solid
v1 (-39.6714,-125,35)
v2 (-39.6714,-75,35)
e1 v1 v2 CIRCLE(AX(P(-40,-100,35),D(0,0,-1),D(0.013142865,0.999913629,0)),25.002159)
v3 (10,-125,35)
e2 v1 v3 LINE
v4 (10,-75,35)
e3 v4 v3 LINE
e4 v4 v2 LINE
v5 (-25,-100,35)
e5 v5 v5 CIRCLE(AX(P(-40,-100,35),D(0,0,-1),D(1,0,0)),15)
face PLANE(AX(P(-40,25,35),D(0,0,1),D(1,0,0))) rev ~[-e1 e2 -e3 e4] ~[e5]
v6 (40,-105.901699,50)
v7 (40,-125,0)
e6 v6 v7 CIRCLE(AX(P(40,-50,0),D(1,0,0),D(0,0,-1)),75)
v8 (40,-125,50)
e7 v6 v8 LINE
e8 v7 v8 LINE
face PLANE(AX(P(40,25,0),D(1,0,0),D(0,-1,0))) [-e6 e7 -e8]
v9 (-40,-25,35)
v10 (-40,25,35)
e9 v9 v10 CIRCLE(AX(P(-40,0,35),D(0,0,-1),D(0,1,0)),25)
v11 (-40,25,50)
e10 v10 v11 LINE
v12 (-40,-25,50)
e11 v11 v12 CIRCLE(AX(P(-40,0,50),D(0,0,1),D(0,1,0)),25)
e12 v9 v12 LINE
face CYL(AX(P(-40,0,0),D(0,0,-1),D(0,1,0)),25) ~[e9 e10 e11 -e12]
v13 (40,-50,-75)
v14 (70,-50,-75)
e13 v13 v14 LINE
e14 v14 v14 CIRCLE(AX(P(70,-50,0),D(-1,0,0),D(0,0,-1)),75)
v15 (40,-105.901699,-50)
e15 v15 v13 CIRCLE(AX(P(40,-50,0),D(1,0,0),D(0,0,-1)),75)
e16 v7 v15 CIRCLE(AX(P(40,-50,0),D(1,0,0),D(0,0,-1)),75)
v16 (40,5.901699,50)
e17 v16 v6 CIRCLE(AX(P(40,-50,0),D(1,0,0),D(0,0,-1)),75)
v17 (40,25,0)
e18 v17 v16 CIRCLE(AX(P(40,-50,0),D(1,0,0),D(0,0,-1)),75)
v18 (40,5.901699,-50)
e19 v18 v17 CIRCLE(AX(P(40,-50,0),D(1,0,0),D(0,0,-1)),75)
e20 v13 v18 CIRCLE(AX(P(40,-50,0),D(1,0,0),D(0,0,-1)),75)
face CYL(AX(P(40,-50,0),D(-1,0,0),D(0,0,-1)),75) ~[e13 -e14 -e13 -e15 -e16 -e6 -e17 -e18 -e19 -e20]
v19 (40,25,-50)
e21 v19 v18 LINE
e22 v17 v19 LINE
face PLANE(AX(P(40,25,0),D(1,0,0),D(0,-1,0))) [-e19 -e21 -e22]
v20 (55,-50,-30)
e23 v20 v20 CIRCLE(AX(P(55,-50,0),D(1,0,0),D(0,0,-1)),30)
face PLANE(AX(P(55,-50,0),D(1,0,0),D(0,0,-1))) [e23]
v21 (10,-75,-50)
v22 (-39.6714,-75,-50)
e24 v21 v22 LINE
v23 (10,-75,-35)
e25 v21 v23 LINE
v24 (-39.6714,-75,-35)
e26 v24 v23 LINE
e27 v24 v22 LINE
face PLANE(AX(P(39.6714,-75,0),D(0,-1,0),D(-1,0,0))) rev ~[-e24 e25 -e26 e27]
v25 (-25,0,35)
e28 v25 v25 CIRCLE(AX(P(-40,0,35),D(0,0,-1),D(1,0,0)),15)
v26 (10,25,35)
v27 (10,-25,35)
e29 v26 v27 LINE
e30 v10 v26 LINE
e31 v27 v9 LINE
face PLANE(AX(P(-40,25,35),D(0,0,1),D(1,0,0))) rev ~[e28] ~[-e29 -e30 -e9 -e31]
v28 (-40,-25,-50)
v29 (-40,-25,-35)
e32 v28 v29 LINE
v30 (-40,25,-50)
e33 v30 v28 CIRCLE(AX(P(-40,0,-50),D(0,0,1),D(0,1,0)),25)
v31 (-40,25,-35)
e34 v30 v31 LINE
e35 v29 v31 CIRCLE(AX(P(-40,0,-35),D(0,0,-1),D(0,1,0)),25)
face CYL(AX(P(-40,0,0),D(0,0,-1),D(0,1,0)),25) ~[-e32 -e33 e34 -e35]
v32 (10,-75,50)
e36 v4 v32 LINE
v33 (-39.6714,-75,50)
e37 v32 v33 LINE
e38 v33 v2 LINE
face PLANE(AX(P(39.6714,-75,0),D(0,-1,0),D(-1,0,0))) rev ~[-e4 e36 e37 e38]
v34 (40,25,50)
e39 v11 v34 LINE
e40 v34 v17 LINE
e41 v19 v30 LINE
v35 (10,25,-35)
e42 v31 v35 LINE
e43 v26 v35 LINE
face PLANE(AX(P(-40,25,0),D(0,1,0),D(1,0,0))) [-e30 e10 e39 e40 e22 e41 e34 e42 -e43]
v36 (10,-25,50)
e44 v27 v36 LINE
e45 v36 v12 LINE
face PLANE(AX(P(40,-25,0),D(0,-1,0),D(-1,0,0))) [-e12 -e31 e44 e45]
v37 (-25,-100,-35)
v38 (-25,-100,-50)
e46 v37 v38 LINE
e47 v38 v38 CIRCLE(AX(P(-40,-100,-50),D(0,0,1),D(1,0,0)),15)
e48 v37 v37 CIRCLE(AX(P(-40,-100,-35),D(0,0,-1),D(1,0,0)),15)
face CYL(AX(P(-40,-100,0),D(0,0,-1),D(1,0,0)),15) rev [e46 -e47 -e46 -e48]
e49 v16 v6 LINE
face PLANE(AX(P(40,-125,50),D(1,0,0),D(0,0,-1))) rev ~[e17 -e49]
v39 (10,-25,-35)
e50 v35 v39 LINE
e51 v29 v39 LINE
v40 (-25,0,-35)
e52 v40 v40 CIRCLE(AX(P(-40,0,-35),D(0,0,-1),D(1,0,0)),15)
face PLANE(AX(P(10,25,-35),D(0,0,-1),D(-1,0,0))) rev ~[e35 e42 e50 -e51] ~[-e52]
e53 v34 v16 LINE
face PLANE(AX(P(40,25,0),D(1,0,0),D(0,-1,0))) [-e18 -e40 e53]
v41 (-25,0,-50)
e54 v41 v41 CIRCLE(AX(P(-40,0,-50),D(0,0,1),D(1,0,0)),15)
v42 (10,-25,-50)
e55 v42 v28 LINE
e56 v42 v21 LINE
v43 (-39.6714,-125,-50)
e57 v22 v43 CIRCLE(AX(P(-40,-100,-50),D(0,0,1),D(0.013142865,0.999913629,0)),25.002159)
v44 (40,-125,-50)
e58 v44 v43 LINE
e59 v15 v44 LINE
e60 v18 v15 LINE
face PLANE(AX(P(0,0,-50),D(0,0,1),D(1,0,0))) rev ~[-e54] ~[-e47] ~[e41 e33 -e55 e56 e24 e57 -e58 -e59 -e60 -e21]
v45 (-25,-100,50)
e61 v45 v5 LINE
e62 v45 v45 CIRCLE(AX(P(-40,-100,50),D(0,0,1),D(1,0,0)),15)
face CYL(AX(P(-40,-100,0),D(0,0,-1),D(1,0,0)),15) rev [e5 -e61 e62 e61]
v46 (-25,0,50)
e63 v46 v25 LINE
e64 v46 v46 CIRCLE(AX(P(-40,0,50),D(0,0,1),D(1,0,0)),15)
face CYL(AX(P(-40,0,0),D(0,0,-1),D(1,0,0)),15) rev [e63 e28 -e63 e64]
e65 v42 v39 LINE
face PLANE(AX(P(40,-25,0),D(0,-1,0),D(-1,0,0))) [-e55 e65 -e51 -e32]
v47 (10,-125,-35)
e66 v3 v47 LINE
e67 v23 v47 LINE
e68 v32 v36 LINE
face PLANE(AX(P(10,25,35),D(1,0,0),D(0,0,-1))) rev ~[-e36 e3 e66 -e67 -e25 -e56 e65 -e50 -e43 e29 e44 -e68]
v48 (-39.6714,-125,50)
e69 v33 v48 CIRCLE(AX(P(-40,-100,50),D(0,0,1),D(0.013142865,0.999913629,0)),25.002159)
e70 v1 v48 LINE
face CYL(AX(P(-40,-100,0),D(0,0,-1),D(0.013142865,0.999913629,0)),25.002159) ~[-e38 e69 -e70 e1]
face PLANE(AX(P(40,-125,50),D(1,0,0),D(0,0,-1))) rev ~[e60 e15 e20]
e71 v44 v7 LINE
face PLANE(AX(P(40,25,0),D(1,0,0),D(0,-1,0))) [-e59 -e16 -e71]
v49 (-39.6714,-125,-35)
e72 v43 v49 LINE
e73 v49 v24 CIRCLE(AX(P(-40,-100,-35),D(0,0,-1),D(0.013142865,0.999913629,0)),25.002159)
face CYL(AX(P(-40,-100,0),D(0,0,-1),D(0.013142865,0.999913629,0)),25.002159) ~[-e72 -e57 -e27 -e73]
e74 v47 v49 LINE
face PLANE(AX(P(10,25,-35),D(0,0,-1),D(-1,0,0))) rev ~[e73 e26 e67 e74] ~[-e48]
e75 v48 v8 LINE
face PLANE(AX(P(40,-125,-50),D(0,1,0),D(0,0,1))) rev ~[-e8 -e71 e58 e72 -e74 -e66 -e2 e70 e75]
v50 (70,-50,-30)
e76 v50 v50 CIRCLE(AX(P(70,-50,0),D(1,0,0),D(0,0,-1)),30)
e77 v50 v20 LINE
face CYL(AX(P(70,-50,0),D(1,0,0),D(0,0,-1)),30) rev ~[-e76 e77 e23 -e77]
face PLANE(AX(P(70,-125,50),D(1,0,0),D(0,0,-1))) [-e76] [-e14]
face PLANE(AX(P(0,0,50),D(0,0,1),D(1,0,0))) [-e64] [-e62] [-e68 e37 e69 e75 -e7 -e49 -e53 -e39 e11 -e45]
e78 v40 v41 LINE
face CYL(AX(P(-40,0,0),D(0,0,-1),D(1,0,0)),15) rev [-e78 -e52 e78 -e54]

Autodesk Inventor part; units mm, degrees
ref_plane "YZ Plane" through (0, 0, 0) normal (1, 0, 0) x (0, 1, 0)
ref_plane "XZ Plane" through (0, 0, 0) normal (0, 1, 0) x (-1, 0, 0)
ref_plane "XY Plane" through (0, 0, 0) normal (0, 0, 1) x (1, 0, 0)
sketch "草图1" plane through (0, 0, 0) normal (0, 0, 1) x (1, 0, 0)
  line L0 (-40, 25) -> (40, 25)
  line L1 (40, 25) -> (40, -25)
  line L2 (40, -25) -> (-40, -25)
  line L3 (-40, 25) -> (40, -25) construction
  line L4 (40, 25) -> (-40, -25) construction
  arc A0 (-40, 25) -> (-40, -25) centre (-40, 0) ccw
  circle A1 centre (-40, 0) radius 15
  line L5 (-39.6714, -125) -> (39.6714, -125)
  line L6 (39.6714, -125) -> (39.6714, -75)
  line L7 (39.6714, -75) -> (-39.6714, -75)
  line L8 (-39.6714, -125) -> (39.6714, -75) construction
  line L9 (39.6714, -125) -> (-39.6714, -75) construction
  arc A2 (-39.6714, -75) -> (-39.6714, -125) centre (-40, -100) ccw
  circle A3 centre (-40, -100) radius 15
  point P0 (0, 0)
  point P1 (0, -100)
  dimension "d0" = 50
  dimension "d3" = 30
  dimension "d11" = 50
  dimension "d12" = 30
  dimension "d13" = 100
  dimension "d14" = 0
  dimension "d15" = 25
  dimension "d16" = 80
extrude "拉伸1" add sketch "草图1" along normal mid plane 100
sketch "草图2" plane through (-40, 25, 50) normal (0, 1, 0) x (1, 0, 0)
  line L0 (40, 50) -> (0, 50)
  line L1 (0, 100) -> (0, 0) projected
  line L2 (50, 85) -> (-98.1355, 85)
  line L3 (-98.1355, 85) -> (-98.1355, 15)
  line L4 (-98.1355, 15) -> (50, 15)
  line L5 (50, 15) -> (50, 85)
  line L6 (50, 85) -> (-98.1355, 15) construction
  line L7 (-98.1355, 85) -> (50, 15) construction
  line L8 (80, 0) -> (80, 100) projected
  point P0 (-24.0677, 50)
  dimension "d4" = 30
  dimension "d5" = 70
extrude "拉伸2" cut sketch "草图2" against normal through all
sketch "草图3" plane through (40, -25, 50) normal (1, 0, 0) x (0, 0, -1)
  line L0 (100, 50) -> (0, 50) projected
  line L1 (0, 50) -> (100, 50)
  line L2 (100, 50) -> (100, -100)
  line L3 (100, -100) -> (0, -100)
  line L4 (0, -100) -> (0, 50)
  point P0 (50, 25)
  point P1 (15, 50)
  dimension "d8" = 150
extrude "拉伸3" add sketch "草图3" against normal blind 30
sketch "草图4" plane through (40, -125, 50) normal (1, 0, 0) x (0, 0, -1)
  line L0 (100, 100) -> (100, 50) projected
  line L1 (100, 75) -> (0, 75)
  line L2 (0, 0) -> (0, 150) projected
  line L3 (15, 0) -> (85, 0) projected
  line L4 (50, 0) -> (50, 150)
  line L5 (0, 150) -> (100, 150) projected
  circle A0 centre (50, 75) radius 75
  point P0 (50, 125)
extrude "拉伸4" add sketch "草图4" along normal blind 30 contours L4 A0 L2 L1 | L4 A0 | L1 L2 A0 L4 | L2 A0
sketch "草图5" plane through (70, -50, 0) normal (1, 0, 0) x (0, 0, -1)
  circle A0 centre (0, 0) radius 30
  point P0 (0, 50)
  dimension "d19" = 60
extrude "拉伸5" cut sketch "草图5" against normal blind 15
properties part number "Wrist" material "钢，高强度，低合金"
